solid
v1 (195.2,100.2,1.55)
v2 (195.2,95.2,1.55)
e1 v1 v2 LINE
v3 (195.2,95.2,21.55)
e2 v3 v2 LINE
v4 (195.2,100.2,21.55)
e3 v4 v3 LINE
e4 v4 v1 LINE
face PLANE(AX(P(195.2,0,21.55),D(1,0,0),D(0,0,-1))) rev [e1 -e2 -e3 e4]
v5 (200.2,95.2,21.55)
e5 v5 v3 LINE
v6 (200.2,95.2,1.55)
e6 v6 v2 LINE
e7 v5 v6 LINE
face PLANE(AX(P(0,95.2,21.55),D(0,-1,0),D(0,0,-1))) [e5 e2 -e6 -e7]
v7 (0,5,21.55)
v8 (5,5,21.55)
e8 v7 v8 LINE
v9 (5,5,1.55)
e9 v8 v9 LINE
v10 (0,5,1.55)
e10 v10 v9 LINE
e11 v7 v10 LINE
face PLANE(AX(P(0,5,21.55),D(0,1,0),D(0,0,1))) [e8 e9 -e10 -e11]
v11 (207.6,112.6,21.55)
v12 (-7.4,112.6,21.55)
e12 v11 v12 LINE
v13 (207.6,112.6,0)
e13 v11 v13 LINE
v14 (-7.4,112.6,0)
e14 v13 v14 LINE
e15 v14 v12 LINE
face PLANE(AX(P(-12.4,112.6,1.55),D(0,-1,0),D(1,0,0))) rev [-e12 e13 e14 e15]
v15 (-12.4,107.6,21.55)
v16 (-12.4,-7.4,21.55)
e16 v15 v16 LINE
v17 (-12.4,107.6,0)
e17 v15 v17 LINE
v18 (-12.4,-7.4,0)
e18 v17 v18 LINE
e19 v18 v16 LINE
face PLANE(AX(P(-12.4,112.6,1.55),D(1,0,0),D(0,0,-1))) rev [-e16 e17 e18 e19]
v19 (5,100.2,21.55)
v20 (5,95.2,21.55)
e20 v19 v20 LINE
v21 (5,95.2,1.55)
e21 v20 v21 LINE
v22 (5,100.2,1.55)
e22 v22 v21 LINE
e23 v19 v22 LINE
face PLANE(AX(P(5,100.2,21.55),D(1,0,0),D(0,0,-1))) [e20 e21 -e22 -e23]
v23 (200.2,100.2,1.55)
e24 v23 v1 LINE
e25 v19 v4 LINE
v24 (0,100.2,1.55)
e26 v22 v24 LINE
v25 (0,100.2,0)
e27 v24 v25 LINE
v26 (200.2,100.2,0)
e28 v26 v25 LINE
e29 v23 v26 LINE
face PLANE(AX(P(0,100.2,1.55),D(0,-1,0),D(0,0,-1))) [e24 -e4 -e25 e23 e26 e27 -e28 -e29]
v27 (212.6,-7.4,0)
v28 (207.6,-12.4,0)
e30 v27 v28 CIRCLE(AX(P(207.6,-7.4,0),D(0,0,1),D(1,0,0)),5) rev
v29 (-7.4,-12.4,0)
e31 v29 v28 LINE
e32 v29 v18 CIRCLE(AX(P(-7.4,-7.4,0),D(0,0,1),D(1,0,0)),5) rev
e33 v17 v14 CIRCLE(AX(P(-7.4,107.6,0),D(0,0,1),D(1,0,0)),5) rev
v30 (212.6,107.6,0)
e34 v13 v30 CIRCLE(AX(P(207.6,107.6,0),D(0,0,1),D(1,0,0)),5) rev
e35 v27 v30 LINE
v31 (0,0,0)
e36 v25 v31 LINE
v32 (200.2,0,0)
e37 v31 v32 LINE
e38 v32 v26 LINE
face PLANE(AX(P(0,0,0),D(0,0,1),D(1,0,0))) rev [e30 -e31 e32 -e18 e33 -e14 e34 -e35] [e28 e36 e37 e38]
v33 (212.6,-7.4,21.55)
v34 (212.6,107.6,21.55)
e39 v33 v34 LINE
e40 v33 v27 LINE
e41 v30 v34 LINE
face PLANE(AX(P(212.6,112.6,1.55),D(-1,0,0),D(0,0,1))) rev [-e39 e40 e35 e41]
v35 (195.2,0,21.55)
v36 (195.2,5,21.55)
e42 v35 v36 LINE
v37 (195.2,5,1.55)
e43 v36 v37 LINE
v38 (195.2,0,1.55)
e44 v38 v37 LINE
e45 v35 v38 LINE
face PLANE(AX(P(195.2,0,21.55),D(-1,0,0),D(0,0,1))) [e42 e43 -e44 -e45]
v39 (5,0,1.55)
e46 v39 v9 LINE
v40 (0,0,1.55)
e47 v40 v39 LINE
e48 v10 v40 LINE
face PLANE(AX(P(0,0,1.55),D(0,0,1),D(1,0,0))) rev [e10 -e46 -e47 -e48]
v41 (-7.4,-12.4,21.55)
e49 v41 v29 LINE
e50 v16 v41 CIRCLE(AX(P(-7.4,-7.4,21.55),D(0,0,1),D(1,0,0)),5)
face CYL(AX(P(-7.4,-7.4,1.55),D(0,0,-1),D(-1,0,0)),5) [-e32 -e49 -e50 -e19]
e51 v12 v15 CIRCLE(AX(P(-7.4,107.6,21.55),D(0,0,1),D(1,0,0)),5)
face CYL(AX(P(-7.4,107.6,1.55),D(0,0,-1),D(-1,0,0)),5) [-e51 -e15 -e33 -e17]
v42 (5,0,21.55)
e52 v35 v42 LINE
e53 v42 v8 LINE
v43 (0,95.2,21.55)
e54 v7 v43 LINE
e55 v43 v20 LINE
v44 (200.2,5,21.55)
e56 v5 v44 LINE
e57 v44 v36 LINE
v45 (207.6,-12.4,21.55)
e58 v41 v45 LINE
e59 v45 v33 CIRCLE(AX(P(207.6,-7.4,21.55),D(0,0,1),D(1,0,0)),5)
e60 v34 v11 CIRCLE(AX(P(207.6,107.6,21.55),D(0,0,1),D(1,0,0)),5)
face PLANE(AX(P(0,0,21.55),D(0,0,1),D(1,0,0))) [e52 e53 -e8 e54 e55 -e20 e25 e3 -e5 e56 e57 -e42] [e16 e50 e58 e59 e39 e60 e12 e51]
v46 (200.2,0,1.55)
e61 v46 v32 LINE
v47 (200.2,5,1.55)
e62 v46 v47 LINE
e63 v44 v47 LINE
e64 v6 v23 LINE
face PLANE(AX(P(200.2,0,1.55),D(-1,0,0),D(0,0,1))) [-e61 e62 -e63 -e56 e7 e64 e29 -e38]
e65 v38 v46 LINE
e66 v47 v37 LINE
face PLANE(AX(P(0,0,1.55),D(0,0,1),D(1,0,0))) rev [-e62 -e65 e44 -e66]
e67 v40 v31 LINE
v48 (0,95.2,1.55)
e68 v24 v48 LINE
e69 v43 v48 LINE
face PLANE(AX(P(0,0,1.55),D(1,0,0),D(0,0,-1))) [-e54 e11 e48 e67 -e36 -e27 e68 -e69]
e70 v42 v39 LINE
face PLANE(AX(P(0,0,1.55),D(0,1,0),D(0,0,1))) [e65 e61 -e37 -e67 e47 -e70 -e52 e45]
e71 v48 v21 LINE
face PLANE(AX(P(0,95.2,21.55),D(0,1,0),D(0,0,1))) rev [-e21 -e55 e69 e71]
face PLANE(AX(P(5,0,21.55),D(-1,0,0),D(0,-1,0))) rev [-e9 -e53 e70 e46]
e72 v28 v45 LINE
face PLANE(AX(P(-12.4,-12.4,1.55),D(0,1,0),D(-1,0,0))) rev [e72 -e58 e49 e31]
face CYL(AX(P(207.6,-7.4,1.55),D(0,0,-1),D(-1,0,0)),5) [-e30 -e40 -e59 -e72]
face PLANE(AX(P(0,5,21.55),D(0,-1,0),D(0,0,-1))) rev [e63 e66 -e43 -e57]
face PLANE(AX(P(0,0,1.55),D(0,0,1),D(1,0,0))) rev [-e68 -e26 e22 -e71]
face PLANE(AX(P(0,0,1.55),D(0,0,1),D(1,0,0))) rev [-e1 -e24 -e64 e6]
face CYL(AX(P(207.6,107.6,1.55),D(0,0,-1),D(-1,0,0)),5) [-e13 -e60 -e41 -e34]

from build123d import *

# Parameters (mm, degrees)
SKETCH1_W           = 225
SKETCH1_H           = 125
SKETCH1_W_2         = 200.2
SKETCH1_H_2         = 100.2
BOSS_EXTRUDE1_DEPTH = 1.55
SKETCH2_W           = 225
SKETCH2_H           = 125
SKETCH2_W_2         = 5
SKETCH2_H_2         = 5
BOSS_EXTRUDE2_DEPTH = 20
FILLET1_R           = 5


with BuildPart() as part:
    # Sketch1 → Boss-Extrude1 (new body)
    with BuildSketch(Plane.XY):
        with Locations((100.1, 50.1)):
            Rectangle(SKETCH1_W, SKETCH1_H)
        with Locations((100.1, 50.1)):
            Rectangle(SKETCH1_W_2, SKETCH1_H_2, mode=Mode.SUBTRACT)
    extrude(amount=BOSS_EXTRUDE1_DEPTH)

    # Sketch2 → Boss-Extrude2 (add)
    # profile 1 of 5: a face of its own
    with BuildSketch(Plane.XY.offset(1.55)):
        with Locations((100.1, 50.1)):
            Rectangle(SKETCH2_W, SKETCH2_H)
        Polygon((0, 95.2), (0, 100.2), (5, 100.2), (195.2, 100.2), (200.2, 100.2), (200.2, 95.2), (200.2, 5), (200.2, 0), (195.2, 0), (5, 0), (0, 0), (0, 5), align=None, mode=Mode.SUBTRACT)
    # profile 2 of 5: a face of its own
    with BuildSketch(Plane.XY.offset(1.55)):
        with Locations((197.7, 97.7)):
            Rectangle(SKETCH2_W_2, SKETCH2_H_2)
    # profile 3 of 5: a face of its own
    with BuildSketch(Plane.XY.offset(1.55)):
        with Locations((197.7, 2.5)):
            Rectangle(SKETCH2_W_2, SKETCH2_H_2)
    # profile 4 of 5: a face of its own
    with BuildSketch(Plane.XY.offset(1.55)):
        with Locations((2.5, 2.5)):
            Rectangle(SKETCH2_W_2, SKETCH2_H_2)
    # profile 5 of 5: a face of its own
    with BuildSketch(Plane.XY.offset(1.55)):
        with Locations((2.5, 97.7)):
            Rectangle(SKETCH2_W_2, SKETCH2_H_2)
    extrude(amount=BOSS_EXTRUDE2_DEPTH)

    # Fillet1
    fillet1_edges = [part.edges().sort_by_distance(p)[0] for p in [
        (-12.4, 112.6, 10.775),
        (212.6, 112.6, 10.775),
        (212.6, -12.4, 10.775),
        (-12.4, -12.4, 10.775),
    ]]
    fillet(fillet1_edges, radius=FILLET1_R)


solid = part.part
